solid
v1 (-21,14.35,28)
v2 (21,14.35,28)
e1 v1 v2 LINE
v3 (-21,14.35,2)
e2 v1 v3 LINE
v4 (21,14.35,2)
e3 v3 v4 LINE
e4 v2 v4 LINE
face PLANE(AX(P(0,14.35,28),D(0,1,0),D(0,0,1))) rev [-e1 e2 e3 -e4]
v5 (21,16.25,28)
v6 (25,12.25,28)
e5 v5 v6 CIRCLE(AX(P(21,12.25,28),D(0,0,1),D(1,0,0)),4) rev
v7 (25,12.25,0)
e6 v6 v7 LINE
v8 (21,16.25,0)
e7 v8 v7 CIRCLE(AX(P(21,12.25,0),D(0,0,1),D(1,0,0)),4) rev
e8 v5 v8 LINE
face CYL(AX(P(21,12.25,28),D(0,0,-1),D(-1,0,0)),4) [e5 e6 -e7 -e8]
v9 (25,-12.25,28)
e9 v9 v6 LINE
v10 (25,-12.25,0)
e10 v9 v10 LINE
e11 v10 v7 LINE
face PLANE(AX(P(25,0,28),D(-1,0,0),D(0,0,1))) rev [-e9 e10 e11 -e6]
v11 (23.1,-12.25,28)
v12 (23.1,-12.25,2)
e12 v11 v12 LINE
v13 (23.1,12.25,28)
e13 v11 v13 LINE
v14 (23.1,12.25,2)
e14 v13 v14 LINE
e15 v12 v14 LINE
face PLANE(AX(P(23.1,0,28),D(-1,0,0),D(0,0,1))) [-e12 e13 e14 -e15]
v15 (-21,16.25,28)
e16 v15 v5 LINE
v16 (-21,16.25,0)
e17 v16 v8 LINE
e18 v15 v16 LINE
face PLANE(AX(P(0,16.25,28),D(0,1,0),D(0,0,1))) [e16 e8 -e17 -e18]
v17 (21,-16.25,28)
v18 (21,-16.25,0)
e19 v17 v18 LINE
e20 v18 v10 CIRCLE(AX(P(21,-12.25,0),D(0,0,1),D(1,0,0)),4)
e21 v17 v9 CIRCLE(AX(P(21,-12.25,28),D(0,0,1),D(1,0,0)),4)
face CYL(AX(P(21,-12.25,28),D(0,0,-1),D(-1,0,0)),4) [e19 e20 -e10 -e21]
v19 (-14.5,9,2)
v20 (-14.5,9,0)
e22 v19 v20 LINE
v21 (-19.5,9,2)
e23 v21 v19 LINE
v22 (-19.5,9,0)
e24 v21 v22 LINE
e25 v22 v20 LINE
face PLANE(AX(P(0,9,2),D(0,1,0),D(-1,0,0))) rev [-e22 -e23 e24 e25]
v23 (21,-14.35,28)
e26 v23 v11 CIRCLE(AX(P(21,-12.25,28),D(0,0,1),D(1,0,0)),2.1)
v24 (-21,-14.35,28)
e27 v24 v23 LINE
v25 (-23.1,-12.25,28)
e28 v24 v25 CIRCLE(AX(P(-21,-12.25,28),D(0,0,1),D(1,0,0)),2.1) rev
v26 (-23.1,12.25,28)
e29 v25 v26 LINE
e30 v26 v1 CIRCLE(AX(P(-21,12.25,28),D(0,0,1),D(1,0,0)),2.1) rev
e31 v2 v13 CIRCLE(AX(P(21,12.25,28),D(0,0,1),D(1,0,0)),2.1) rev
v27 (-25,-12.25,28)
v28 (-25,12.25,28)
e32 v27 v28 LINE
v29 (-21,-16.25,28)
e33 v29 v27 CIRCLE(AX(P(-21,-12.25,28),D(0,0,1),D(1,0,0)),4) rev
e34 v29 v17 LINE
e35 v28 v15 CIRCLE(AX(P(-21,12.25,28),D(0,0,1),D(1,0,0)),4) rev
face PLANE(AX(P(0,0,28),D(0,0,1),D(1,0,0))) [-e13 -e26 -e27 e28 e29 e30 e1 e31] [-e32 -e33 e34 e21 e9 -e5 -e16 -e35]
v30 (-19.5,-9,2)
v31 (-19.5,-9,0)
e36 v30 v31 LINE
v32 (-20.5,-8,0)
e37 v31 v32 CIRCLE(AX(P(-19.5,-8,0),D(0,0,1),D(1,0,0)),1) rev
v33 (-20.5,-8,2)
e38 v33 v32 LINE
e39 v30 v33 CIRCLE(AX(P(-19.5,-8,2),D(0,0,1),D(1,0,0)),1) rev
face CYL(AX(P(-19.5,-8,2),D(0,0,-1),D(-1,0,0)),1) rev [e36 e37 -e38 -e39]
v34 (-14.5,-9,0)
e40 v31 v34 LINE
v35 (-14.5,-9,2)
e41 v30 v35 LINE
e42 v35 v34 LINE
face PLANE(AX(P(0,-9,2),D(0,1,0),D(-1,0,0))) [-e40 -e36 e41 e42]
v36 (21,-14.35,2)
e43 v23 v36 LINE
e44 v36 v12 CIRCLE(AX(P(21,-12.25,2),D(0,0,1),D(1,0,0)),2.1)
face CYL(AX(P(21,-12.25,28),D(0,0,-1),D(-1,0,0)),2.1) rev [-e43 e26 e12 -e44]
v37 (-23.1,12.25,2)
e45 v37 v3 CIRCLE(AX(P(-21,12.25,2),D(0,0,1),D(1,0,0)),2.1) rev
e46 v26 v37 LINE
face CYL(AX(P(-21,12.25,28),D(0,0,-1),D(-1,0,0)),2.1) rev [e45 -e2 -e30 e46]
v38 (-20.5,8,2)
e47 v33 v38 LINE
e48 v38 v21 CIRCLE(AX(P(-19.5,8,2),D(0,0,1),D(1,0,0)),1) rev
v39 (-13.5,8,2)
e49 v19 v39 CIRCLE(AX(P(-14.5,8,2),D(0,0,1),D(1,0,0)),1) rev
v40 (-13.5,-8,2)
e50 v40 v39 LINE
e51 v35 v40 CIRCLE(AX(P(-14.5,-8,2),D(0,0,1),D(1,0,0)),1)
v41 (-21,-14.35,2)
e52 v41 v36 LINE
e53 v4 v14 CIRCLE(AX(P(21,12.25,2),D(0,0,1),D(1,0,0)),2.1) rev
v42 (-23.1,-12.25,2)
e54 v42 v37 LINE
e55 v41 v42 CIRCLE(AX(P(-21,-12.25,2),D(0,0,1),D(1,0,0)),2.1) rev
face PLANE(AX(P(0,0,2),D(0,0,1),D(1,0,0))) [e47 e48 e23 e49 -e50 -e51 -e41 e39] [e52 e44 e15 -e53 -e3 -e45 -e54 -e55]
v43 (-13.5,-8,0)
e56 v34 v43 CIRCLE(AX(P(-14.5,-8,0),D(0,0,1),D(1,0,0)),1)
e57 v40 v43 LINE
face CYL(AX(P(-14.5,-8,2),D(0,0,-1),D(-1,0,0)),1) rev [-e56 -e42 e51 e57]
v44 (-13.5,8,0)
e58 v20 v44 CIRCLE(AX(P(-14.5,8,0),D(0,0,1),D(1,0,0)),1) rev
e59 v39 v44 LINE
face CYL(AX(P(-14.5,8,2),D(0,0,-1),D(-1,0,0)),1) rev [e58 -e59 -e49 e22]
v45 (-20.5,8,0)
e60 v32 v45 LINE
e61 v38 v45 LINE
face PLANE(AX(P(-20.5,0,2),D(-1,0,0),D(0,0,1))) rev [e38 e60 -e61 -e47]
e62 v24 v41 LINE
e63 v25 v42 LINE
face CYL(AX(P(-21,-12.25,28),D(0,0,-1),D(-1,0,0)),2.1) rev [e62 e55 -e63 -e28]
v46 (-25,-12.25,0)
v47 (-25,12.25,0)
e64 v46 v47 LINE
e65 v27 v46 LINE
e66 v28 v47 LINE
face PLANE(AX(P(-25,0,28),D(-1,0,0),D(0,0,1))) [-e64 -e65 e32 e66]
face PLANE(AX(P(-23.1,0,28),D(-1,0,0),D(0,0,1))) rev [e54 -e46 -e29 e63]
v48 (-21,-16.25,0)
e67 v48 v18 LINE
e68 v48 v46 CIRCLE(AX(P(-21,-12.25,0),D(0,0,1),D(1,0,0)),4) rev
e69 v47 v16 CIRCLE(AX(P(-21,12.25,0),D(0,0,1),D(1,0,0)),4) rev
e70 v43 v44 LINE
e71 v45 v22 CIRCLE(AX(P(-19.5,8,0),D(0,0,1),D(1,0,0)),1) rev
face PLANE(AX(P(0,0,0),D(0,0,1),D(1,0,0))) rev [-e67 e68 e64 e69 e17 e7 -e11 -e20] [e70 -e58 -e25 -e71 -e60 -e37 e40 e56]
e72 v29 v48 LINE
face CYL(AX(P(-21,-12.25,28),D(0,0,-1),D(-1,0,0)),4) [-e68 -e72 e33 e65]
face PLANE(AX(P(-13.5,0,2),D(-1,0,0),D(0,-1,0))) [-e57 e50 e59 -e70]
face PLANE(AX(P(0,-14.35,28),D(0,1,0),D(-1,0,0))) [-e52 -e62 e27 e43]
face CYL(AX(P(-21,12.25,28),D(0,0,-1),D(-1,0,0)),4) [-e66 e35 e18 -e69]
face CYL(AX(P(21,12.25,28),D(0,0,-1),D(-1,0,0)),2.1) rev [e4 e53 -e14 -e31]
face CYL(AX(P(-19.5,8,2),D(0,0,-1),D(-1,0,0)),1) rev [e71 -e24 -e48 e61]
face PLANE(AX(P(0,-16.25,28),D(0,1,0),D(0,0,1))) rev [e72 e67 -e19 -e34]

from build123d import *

# Parameters (mm, degrees)
BOSS_EXTRUDE1_DEPTH = 28
BOSS_EXTRUDE2_DEPTH = 2


with BuildPart() as part:
    # Sketch1 → Boss-Extrude1 (new body)
    with BuildSketch(Plane.XY):
        with BuildLine():
            ThreePointArc((-25, -12.25), (-23.828427125, -15.078427125), (-21, -16.25))
            Line((-21, -16.25), (21, -16.25))
            ThreePointArc((21, -16.25), (23.828427125, -15.078427125), (25, -12.25))
            Line((25, -12.25), (25, 12.25))
            ThreePointArc((25, 12.25), (23.828427125, 15.078427125), (21, 16.25))
            Line((21, 16.25), (-21, 16.25))
            ThreePointArc((-21, 16.25), (-23.828427125, 15.078427125), (-25, 12.25))
            Line((-25, 12.25), (-25, -12.25))
        make_face()
        with BuildLine():
            ThreePointArc((-23.1, 12.25), (-22.48492424, 13.73492424), (-21, 14.35))
            Line((-21, 14.35), (21, 14.35))
            ThreePointArc((21, 14.35), (22.48492424, 13.73492424), (23.1, 12.25))
            Line((23.1, 12.25), (23.1, -12.25))
            ThreePointArc((23.1, -12.25), (22.48492424, -13.73492424), (21, -14.35))
            Line((21, -14.35), (-21, -14.35))
            ThreePointArc((-21, -14.35), (-22.48492424, -13.73492424), (-23.1, -12.25))
            Line((-23.1, -12.25), (-23.1, 12.25))
        make_face(mode=Mode.SUBTRACT)
    extrude(amount=BOSS_EXTRUDE1_DEPTH)

    # Sketch1<3> → Boss-Extrude2 (add)
    with BuildSketch(Plane.XY):
        with BuildLine():
            Line((21, 14.35), (-21, 14.35))
            ThreePointArc((-21, 14.35), (-22.48492424, 13.73492424), (-23.1, 12.25))
            Line((-23.1, 12.25), (-23.1, -12.25))
            ThreePointArc((-23.1, -12.25), (-22.48492424, -13.73492424), (-21, -14.35))
            Line((-21, -14.35), (21, -14.35))
            ThreePointArc((21, -14.35), (22.48492424, -13.73492424), (23.1, -12.25))
            Line((23.1, -12.25), (23.1, 12.25))
            ThreePointArc((23.1, 12.25), (22.48492424, 13.73492424), (21, 14.35))
        make_face()
        with BuildLine():
            Line((-14.5, -9), (-19.5, -9))
            ThreePointArc((-19.5, -9), (-20.207106781, -8.707106781), (-20.5, -8))
            Line((-20.5, -8), (-20.5, 8))
            ThreePointArc((-20.5, 8), (-20.207106781, 8.707106781), (-19.5, 9))
            Line((-19.5, 9), (-14.5, 9))
            ThreePointArc((-14.5, 9), (-13.792893219, 8.707106781), (-13.5, 8))
            Line((-13.5, 8), (-13.5, -8))
            ThreePointArc((-13.5, -8), (-13.792893219, -8.707106781), (-14.5, -9))
        make_face(mode=Mode.SUBTRACT)
    extrude(amount=BOSS_EXTRUDE2_DEPTH)


solid = part.part
